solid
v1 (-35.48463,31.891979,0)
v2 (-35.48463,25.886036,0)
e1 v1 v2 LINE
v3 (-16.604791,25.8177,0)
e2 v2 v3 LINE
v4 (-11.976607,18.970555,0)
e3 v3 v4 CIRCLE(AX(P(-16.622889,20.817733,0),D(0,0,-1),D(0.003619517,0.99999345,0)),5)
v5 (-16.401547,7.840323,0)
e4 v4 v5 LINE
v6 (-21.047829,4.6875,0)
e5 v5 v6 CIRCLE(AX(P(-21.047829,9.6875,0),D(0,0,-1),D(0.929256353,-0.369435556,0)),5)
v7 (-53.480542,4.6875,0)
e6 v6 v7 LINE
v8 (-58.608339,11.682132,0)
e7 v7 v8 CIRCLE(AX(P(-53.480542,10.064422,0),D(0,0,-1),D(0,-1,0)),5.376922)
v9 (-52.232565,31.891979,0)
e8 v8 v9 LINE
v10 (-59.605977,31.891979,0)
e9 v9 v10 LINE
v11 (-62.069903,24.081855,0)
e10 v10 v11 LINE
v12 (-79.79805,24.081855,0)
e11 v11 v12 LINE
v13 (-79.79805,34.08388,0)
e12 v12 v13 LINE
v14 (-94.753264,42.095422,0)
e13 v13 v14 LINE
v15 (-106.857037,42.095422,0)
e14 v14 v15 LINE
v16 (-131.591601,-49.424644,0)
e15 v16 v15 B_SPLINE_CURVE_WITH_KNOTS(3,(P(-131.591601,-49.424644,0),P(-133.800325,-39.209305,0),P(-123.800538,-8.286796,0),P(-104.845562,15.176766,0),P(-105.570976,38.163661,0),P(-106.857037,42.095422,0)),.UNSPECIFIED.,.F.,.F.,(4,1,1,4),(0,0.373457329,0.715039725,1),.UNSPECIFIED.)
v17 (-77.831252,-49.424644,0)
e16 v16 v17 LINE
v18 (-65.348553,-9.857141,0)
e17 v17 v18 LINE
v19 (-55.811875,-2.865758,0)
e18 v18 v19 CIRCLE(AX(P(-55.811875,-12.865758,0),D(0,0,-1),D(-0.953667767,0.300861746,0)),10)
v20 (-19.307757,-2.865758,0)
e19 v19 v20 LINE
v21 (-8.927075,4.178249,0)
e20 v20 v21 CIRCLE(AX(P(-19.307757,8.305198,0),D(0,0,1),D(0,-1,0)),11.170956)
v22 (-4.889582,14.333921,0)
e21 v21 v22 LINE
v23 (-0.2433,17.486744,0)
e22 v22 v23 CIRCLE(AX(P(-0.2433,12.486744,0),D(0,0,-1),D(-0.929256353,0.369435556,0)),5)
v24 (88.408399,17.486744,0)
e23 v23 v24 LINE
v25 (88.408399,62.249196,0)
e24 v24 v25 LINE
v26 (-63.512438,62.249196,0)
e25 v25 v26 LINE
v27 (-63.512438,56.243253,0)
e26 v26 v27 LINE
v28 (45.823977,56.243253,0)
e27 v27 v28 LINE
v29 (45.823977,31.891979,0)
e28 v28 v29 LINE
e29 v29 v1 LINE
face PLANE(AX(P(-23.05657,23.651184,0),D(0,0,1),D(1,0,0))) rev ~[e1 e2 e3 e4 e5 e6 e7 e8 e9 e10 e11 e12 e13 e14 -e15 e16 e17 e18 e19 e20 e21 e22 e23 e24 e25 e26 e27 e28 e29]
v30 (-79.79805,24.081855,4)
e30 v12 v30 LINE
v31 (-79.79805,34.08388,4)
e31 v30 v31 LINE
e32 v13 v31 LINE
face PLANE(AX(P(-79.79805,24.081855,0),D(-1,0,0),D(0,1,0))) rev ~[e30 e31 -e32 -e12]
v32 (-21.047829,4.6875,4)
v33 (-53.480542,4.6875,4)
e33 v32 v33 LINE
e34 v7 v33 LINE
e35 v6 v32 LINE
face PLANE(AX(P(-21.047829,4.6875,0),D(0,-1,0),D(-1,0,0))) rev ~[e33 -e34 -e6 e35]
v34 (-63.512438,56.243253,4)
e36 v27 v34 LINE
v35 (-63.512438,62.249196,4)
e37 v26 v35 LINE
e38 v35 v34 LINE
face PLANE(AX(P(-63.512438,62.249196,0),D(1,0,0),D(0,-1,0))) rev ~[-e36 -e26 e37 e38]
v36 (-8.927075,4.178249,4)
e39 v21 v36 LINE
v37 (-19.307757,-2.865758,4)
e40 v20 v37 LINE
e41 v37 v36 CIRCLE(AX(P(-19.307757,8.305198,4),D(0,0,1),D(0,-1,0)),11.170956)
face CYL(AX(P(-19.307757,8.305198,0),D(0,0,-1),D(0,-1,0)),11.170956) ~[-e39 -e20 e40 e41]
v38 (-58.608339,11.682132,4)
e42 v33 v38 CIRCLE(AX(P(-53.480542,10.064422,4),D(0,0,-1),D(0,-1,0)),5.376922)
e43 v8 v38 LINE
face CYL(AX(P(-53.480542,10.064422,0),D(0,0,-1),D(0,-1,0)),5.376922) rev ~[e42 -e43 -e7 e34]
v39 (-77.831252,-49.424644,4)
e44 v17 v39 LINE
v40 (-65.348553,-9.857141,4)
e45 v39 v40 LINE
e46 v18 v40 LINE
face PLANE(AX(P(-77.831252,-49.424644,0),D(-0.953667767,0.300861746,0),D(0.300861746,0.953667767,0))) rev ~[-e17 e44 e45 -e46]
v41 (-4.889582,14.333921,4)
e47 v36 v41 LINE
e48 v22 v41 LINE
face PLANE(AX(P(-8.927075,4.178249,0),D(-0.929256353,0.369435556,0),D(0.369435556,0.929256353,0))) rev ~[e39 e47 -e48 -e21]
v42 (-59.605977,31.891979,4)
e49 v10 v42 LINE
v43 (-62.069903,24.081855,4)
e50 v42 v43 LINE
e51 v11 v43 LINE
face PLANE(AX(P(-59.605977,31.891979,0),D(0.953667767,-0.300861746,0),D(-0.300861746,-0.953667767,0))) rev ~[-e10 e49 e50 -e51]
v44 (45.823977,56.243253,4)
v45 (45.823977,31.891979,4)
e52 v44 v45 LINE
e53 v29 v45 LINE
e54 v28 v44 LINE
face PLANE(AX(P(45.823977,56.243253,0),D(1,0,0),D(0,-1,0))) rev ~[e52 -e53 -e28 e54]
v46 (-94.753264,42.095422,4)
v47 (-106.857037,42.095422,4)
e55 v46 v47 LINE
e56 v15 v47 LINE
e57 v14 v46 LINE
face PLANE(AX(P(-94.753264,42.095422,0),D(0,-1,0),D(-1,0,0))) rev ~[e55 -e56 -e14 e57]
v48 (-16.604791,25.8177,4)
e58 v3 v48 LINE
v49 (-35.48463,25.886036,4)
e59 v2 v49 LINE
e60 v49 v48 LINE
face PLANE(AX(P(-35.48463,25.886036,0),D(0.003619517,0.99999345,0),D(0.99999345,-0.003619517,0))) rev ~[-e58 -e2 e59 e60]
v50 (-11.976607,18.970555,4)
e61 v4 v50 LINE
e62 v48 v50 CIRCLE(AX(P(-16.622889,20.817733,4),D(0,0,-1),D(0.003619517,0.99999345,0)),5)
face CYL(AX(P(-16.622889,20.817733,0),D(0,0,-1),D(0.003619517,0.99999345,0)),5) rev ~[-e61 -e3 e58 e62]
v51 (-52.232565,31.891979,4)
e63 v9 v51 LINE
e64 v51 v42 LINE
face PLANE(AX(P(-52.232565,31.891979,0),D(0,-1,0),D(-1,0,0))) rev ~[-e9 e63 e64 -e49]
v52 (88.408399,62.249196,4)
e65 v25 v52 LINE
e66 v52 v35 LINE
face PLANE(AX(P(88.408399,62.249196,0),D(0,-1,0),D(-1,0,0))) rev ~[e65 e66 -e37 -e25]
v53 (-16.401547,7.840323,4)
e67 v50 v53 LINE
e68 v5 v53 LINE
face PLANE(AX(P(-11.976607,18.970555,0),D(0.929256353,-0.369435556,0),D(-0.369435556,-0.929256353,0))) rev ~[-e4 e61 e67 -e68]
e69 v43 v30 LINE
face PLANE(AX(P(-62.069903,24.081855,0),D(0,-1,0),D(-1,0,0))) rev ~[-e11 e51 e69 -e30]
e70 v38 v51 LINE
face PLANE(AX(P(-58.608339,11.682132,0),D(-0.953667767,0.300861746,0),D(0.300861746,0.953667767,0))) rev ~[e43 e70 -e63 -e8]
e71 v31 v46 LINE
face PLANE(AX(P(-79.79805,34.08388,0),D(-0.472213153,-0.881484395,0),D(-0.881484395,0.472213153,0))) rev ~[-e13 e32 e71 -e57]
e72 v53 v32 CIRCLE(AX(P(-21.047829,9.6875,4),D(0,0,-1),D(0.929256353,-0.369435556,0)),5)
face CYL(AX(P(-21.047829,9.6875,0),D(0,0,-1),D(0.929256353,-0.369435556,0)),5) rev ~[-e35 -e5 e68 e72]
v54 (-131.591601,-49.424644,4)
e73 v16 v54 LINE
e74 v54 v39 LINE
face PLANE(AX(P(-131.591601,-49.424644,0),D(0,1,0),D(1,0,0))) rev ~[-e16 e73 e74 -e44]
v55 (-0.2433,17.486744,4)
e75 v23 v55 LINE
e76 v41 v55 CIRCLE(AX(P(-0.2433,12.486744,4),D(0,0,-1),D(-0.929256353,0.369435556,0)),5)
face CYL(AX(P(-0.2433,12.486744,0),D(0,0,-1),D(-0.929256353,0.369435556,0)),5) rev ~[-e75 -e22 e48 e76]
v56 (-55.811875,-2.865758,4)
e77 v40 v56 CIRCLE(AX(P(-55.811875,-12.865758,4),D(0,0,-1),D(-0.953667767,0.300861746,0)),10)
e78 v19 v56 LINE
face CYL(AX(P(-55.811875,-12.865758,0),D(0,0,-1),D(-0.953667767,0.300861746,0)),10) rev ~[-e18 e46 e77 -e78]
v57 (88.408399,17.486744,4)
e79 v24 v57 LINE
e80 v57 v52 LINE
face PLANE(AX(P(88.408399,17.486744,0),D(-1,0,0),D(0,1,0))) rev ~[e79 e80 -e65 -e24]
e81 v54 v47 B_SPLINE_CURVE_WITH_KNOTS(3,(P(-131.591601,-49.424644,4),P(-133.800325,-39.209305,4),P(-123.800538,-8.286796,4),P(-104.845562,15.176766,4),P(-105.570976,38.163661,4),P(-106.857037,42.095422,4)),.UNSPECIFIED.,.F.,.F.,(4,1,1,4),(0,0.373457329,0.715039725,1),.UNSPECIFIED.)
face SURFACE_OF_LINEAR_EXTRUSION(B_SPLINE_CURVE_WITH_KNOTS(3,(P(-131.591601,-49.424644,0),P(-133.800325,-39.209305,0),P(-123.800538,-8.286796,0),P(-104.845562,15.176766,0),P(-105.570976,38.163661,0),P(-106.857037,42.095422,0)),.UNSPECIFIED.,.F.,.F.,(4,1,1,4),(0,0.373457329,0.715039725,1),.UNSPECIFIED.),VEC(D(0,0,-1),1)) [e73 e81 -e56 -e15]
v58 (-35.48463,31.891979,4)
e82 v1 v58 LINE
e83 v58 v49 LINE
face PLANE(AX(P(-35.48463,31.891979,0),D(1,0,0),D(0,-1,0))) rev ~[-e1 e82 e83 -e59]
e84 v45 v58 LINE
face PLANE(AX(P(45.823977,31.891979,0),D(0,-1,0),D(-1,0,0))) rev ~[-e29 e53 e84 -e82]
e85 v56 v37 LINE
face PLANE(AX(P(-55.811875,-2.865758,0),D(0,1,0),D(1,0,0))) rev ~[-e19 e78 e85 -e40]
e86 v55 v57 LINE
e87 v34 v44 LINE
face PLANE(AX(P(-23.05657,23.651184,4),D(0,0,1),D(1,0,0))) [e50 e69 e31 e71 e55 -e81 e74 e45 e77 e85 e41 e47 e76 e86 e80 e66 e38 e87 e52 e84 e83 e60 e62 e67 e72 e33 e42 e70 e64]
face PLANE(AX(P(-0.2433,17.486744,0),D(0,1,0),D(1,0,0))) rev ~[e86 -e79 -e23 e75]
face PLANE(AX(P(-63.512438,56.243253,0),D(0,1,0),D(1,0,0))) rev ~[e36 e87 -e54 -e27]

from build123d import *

# Parameters (mm, degrees)
F1_DEPTH = 4


with BuildPart() as f1:
    # F0 (on Top) → F1 (new body)
    with BuildSketch(Plane.XY):
        with BuildLine():
            ThreePointArc((-65.3485529812, -9.8571405677), (-61.7243124317, -4.80082856), (-55.8118753108, -2.865758026))
            Line((-55.8118753108, -2.865758026), (-19.3077567965, -2.865758026))
            ThreePointArc((-19.3077567965, -2.865758026), (-13.0352655017, -0.9385085012), (-8.9270753271, 4.1782493847))
            Line((-8.9270753271, 4.1782493847), (-4.8895819738, 14.3339214299))
            ThreePointArc((-4.8895819738, 14.3339214299), (-3.0508000831, 16.6241274183), (-0.243300208, 17.4867436494))
            Line((-0.243300208, 17.4867436494), (88.4083993115, 17.4867436494))
            Line((88.4083993115, 17.4867436494), (88.4083993115, 62.2491956529))
            Line((88.4083993115, 62.2491956529), (-63.5124376302, 62.2491956529))
            Line((-63.5124376302, 62.2491956529), (-63.5124376302, 56.243252821))
            Line((-63.5124376302, 56.243252821), (45.8239768831, 56.243252821))
            Line((45.8239768831, 56.243252821), (45.8239768831, 31.8919792771))
            Line((45.8239768831, 31.8919792771), (-35.484630129, 31.8919792771))
            Line((-35.484630129, 31.8919792771), (-35.484630129, 25.8860364452))
            Line((-35.484630129, 25.8860364452), (-16.6047911877, 25.8177001013))
            ThreePointArc((-16.6047911877, 25.8177001013), (-12.4804308738, 23.6177404537), (-11.9766070064, 18.9705550732))
            Line((-11.9766070064, 18.9705550732), (-16.4015470169, 7.8403226161))
            ThreePointArc((-16.4015470169, 7.8403226161), (-18.2403289076, 5.5501166277), (-21.0478287827, 4.6875003966))
            Line((-21.0478287827, 4.6875003966), (-53.4805420531, 4.6875003966))
            ThreePointArc((-53.4805420531, 4.6875003966), (-57.8169915976, 6.8853510114), (-58.608339105, 11.6821323383))
            Line((-58.608339105, 11.6821323383), (-52.2325654413, 31.8919792771))
            Line((-52.2325654413, 31.8919792771), (-59.6059766964, 31.8919792771))
            Line((-59.6059766964, 31.8919792771), (-62.0699034763, 24.081855249))
            Line((-62.0699034763, 24.081855249), (-79.7980502248, 24.081855249))
            Line((-79.7980502248, 24.081855249), (-79.7980502248, 34.0838804425))
            Line((-79.7980502248, 34.0838804425), (-94.7532639005, 42.0954217044))
            Line((-94.7532639005, 42.0954217044), (-106.857036563, 42.0954217044))
            add(Edge.make_bspline(
                [(-131.5916006885, -49.4246437373), (-133.8003253065, -39.2093054178), (-123.800538151, -8.2867955446), (-104.8455619272, 15.176766201), (-105.5709760385, 38.1636605281), (-106.857036563, 42.0954217044)],
                knots=[0, 0, 0, 0, 0.3734573295, 0.7150397253, 1, 1, 1, 1], degree=3))
            Line((-131.5916006885, -49.4246437373), (-77.8312524006, -49.4246437373))
            Line((-77.8312524006, -49.4246437373), (-65.3485529812, -9.8571405677))
        make_face()
    extrude(amount=F1_DEPTH)


solid = f1.part
